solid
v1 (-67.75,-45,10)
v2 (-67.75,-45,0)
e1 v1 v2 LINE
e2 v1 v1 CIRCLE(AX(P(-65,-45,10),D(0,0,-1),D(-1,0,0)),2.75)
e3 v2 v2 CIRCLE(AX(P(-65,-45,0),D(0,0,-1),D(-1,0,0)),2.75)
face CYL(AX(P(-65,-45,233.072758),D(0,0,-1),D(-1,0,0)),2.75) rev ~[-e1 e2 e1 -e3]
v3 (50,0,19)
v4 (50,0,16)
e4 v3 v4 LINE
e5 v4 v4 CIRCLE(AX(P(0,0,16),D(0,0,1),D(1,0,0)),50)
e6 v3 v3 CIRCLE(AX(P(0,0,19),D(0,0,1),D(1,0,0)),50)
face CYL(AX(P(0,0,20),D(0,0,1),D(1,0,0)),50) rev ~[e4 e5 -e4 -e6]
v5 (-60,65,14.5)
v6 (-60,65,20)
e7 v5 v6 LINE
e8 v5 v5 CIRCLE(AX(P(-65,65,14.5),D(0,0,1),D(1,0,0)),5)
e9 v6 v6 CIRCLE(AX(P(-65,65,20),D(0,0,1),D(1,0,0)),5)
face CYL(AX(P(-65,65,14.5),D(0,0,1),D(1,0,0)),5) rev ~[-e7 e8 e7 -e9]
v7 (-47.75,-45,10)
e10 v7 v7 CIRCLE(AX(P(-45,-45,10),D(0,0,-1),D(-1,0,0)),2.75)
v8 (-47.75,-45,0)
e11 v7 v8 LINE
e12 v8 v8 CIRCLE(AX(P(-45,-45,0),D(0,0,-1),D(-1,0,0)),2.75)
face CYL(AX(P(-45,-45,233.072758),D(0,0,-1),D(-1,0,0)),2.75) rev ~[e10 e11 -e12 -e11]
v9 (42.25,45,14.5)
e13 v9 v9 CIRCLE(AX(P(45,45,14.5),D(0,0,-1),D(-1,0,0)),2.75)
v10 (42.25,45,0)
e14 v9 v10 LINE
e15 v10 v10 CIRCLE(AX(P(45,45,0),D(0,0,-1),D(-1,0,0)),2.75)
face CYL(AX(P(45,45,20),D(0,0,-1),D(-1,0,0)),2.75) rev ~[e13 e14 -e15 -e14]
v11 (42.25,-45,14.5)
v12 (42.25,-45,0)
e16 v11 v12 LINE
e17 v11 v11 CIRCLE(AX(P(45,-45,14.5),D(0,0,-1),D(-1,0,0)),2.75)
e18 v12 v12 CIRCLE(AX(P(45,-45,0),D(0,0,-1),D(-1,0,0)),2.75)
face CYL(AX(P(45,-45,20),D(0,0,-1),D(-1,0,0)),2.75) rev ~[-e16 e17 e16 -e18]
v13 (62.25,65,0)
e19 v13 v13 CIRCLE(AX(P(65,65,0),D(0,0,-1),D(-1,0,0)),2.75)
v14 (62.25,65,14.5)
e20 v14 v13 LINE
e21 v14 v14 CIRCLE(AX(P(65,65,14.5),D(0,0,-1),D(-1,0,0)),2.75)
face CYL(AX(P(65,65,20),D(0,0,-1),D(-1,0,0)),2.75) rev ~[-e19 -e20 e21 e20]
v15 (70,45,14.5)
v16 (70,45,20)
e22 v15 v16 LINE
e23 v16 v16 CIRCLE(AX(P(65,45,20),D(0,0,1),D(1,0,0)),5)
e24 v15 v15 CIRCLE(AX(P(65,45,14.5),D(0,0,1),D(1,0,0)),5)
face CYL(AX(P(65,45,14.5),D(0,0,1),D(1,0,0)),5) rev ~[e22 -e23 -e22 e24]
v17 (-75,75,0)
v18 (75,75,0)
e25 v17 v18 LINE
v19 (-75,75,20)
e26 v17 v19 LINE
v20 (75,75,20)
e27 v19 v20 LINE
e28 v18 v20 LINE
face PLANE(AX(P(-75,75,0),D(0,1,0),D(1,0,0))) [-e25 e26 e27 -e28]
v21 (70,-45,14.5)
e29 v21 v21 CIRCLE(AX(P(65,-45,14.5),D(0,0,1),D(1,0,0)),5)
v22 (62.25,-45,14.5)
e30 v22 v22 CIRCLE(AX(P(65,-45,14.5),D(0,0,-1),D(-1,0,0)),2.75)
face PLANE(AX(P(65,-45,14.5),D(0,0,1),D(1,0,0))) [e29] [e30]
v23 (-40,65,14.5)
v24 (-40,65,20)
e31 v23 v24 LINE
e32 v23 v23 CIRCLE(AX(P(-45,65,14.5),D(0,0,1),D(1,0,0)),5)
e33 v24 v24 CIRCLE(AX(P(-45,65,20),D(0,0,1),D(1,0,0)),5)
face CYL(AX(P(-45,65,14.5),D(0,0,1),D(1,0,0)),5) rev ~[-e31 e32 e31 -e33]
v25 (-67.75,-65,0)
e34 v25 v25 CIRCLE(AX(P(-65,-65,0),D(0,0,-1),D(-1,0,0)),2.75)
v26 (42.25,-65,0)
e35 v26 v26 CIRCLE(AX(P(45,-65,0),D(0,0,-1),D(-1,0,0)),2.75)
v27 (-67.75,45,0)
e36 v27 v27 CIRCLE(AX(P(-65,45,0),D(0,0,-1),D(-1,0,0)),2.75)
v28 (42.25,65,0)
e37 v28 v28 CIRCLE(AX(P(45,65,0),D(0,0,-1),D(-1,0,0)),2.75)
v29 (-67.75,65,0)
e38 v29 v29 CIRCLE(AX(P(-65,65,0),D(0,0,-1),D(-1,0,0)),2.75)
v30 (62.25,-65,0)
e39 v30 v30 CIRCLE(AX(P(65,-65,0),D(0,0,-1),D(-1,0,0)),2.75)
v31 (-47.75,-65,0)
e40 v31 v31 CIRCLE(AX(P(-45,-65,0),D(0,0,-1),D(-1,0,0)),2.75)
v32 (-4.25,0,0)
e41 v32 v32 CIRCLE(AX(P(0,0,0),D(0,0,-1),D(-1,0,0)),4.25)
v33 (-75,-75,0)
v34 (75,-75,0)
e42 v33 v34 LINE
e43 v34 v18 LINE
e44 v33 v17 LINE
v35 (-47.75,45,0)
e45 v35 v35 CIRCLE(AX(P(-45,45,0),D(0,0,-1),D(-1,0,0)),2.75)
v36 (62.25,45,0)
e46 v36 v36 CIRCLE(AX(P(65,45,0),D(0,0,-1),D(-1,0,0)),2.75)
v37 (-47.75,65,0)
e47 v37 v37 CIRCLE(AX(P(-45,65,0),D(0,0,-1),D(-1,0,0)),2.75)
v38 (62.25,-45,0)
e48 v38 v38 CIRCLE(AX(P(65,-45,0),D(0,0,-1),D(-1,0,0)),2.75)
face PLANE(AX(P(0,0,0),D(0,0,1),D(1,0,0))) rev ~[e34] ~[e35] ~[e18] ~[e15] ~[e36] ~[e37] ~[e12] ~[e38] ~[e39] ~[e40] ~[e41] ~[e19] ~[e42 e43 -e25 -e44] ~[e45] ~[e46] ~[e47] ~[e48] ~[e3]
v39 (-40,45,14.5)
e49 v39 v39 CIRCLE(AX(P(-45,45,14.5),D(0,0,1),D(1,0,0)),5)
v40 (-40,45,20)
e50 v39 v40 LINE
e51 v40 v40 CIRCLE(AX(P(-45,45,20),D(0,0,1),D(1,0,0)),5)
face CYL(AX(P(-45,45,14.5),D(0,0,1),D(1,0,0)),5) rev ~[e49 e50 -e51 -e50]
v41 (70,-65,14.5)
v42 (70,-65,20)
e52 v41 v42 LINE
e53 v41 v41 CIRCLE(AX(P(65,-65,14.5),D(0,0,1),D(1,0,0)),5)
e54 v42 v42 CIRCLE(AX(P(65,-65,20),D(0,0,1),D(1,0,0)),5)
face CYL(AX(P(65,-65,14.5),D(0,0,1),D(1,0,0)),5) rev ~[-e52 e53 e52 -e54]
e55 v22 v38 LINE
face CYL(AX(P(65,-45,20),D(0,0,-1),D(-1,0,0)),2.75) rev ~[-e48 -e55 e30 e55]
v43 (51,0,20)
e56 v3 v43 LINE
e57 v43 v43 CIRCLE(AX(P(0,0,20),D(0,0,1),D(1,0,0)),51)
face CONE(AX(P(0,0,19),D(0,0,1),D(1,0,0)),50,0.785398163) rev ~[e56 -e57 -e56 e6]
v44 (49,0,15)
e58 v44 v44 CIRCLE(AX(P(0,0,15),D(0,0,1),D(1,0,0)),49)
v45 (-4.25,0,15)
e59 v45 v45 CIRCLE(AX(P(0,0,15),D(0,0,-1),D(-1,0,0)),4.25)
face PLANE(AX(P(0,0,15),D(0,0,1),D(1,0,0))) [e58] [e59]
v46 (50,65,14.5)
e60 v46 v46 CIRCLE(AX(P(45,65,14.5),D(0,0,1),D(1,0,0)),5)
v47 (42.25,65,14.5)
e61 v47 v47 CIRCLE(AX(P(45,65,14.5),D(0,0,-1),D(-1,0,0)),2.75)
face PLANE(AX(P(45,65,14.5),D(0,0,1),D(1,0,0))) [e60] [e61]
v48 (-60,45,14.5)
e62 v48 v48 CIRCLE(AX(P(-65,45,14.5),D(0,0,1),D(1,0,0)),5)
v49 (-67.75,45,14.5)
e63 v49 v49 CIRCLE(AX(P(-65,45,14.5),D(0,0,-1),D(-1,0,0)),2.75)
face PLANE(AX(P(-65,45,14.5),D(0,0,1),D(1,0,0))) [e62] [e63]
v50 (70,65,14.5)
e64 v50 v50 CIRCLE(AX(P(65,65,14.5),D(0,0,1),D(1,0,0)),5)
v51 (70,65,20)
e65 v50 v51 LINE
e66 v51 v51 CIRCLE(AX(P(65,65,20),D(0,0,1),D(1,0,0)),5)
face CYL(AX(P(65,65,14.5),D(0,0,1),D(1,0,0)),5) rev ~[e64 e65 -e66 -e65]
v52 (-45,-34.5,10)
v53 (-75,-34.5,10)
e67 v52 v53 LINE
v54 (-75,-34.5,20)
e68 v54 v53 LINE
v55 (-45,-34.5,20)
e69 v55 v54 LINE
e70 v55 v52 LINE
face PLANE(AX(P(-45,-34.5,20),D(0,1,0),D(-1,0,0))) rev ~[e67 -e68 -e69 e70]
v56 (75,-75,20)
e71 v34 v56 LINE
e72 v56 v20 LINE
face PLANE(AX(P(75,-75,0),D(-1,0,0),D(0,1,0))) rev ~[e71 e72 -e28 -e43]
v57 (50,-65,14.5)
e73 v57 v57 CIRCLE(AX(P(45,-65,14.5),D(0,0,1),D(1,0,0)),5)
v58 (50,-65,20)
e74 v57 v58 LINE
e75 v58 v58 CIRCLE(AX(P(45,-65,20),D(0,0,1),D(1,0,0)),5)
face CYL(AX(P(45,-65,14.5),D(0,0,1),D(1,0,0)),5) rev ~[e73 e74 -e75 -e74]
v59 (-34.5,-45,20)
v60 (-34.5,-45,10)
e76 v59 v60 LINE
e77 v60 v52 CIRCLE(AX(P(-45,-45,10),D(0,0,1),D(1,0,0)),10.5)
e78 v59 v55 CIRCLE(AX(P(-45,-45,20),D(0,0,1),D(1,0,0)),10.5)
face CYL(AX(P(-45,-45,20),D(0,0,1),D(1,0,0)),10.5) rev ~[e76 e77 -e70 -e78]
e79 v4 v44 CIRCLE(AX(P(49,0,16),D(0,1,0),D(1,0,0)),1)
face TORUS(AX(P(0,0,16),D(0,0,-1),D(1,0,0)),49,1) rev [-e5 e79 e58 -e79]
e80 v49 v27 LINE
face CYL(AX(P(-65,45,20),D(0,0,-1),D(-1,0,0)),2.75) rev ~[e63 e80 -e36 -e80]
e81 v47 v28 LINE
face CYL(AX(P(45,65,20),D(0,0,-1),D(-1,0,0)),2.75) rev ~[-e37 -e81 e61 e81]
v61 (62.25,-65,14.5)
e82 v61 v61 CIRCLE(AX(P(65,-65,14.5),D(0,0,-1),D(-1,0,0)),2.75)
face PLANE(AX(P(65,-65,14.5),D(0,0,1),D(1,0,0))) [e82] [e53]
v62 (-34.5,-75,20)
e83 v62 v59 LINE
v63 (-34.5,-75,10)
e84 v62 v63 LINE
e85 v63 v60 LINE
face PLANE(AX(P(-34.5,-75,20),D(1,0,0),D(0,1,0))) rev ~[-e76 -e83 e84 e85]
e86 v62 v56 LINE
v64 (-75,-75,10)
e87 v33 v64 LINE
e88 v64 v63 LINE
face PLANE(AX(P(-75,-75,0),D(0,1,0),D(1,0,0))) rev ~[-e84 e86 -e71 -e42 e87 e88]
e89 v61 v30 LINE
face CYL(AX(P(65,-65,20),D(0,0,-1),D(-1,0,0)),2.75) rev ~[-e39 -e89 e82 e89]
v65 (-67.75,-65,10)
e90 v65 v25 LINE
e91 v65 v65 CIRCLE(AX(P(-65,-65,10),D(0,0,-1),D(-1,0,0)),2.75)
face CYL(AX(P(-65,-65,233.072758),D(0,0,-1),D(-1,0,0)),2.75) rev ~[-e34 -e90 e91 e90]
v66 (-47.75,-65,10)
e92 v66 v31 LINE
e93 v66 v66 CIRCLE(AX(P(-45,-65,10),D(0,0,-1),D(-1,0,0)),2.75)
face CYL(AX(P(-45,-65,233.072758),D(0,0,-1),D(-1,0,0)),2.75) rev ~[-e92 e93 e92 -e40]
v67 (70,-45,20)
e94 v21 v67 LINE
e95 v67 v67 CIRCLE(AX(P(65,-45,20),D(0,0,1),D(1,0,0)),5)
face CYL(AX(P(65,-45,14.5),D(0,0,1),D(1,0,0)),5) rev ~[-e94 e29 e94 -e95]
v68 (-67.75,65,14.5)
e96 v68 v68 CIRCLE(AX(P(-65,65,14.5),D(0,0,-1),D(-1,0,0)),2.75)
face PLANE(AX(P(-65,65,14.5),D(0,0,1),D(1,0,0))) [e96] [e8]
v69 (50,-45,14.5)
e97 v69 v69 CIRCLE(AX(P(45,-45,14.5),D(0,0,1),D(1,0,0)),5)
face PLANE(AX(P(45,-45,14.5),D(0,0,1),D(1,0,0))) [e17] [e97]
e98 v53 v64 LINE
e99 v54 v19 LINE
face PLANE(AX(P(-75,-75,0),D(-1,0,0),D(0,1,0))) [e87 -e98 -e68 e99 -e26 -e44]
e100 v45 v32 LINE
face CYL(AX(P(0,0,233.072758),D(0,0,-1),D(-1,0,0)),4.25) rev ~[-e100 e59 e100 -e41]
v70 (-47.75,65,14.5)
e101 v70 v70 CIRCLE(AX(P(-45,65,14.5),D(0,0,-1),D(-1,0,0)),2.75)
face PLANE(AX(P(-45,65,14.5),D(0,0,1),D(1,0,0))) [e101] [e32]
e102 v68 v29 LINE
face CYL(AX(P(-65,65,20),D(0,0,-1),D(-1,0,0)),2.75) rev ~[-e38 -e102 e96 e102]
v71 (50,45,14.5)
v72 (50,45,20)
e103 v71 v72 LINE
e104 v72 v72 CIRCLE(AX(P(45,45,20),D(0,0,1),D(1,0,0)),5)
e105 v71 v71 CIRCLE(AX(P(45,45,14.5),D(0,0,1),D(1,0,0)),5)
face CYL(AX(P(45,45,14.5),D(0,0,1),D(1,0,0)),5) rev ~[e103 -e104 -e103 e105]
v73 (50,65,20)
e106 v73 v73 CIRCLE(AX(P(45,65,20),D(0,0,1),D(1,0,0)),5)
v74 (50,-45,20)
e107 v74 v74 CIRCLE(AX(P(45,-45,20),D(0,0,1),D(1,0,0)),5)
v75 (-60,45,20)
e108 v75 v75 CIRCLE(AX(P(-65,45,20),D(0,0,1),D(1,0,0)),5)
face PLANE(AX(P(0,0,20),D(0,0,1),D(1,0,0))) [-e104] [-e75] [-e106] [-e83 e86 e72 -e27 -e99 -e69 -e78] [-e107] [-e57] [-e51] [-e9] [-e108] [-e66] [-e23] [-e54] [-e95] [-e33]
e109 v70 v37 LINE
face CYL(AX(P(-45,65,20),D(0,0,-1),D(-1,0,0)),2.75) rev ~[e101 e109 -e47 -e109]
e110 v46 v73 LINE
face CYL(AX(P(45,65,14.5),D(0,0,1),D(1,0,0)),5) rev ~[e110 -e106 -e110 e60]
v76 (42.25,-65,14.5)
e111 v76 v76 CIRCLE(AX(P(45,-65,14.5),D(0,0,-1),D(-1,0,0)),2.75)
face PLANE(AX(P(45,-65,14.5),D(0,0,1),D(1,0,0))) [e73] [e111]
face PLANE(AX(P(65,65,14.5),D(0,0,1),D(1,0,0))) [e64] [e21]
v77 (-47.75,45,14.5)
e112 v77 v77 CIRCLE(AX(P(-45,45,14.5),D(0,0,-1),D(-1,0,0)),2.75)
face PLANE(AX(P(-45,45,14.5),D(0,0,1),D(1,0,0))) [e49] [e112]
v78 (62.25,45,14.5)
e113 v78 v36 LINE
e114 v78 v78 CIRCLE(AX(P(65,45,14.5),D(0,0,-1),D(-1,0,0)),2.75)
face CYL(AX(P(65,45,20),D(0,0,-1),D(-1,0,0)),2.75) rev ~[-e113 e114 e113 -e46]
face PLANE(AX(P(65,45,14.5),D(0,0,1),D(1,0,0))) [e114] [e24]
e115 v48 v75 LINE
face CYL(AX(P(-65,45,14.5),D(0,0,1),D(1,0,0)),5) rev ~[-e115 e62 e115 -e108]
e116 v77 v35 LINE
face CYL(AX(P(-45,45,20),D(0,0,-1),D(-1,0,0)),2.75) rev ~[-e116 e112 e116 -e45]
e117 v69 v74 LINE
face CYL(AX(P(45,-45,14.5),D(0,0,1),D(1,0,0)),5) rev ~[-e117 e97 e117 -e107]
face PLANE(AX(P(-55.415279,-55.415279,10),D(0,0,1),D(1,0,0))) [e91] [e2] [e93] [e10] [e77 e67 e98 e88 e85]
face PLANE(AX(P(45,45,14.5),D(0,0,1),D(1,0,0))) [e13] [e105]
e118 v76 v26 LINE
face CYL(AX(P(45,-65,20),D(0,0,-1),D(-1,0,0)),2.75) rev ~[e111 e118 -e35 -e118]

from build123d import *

# Parameters (mm, degrees)
SKETCH1_W                                           = 150
SKETCH1_H                                           = 150
BOSS_EXTRUDE1_DEPTH                                 = 20
M10_TAPPED_HOLE1_D                                  = 8.5
CBORE_FOR_M5_HEX_SOCKET_HEAD_CAP_SCREW1_D           = 5.5
CBORE_FOR_M5_HEX_SOCKET_HEAD_CAP_SCREW1_CBORE_D     = 10
CBORE_FOR_M5_HEX_SOCKET_HEAD_CAP_SCREW1_CBORE_DEPTH = 5.5
F_5_5_5_5_DIAMETER_HOLE1_D                          = 5.5
SKETCH6_R                                           = 50
CUT_EXTRUDE1_DEPTH                                  = 5
FILLET1_R                                           = 1
CHAMFER2_SIZE                                       = 1
CUT_EXTRUDE2_DEPTH                                  = 10


with BuildPart() as part:
    # Sketch1 → Boss-Extrude1 (new body)
    with BuildSketch(Plane.XY):
        Rectangle(SKETCH1_W, SKETCH1_H)
    extrude(amount=BOSS_EXTRUDE1_DEPTH)

    # M10 Tapped Hole1 (through all)
    with Locations(Plane.XY.offset(20)):
        with Locations((0, 0)):
            Hole(M10_TAPPED_HOLE1_D / 2)

    # CBORE for M5 Hex Socket Head Cap Screw1 (through all)
    with Locations(Plane.XY.offset(20)):
        with Locations((-65, 65), (-45, 65), (-65, 45), (65, -45), (65, -65), (45, -65), (45, 65), (65, 65), (65, 45), (45, -45), (-45, 45), (45, 45)):
            CounterBoreHole(CBORE_FOR_M5_HEX_SOCKET_HEAD_CAP_SCREW1_D / 2, CBORE_FOR_M5_HEX_SOCKET_HEAD_CAP_SCREW1_CBORE_D / 2, CBORE_FOR_M5_HEX_SOCKET_HEAD_CAP_SCREW1_CBORE_DEPTH)

    # Ø5.5 (5.5) Diameter Hole1 (through all)
    with Locations(Plane.XY.offset(20)):
        with Locations((-65, -45), (-45, -45), (-45, -65), (-65, -65)):
            Hole(F_5_5_5_5_DIAMETER_HOLE1_D / 2)

    # Sketch6 → Cut-Extrude1 (cut)
    with BuildSketch(Plane.XY.offset(20)):
        Circle(SKETCH6_R)
    extrude(amount=-CUT_EXTRUDE1_DEPTH, mode=Mode.SUBTRACT)

    # Fillet1
    fillet1_edges = [part.edges().sort_by_distance(p)[0] for p in [
        (-50, 0, 15),
    ]]
    fillet(fillet1_edges, radius=FILLET1_R)

    # Chamfer2
    chamfer2_edges = [part.edges().sort_by_distance(p)[0] for p in [
        (-50, 0, 20),
    ]]
    chamfer(chamfer2_edges, length=CHAMFER2_SIZE)

    # Sketch7 → Cut-Extrude2 (cut)
    with BuildSketch(Plane.XY.offset(20)):
        with BuildLine():
            Line((-75, -75), (-34.5, -75))
            Line((-34.5, -75), (-34.5, -45))
            ThreePointArc((-34.5, -45), (-37.575378798, -37.575378798), (-45, -34.5))
            Line((-45, -34.5), (-75, -34.5))
            Line((-75, -34.5), (-75, -75))
        make_face()
    extrude(amount=-CUT_EXTRUDE2_DEPTH, mode=Mode.SUBTRACT)


solid = part.part
